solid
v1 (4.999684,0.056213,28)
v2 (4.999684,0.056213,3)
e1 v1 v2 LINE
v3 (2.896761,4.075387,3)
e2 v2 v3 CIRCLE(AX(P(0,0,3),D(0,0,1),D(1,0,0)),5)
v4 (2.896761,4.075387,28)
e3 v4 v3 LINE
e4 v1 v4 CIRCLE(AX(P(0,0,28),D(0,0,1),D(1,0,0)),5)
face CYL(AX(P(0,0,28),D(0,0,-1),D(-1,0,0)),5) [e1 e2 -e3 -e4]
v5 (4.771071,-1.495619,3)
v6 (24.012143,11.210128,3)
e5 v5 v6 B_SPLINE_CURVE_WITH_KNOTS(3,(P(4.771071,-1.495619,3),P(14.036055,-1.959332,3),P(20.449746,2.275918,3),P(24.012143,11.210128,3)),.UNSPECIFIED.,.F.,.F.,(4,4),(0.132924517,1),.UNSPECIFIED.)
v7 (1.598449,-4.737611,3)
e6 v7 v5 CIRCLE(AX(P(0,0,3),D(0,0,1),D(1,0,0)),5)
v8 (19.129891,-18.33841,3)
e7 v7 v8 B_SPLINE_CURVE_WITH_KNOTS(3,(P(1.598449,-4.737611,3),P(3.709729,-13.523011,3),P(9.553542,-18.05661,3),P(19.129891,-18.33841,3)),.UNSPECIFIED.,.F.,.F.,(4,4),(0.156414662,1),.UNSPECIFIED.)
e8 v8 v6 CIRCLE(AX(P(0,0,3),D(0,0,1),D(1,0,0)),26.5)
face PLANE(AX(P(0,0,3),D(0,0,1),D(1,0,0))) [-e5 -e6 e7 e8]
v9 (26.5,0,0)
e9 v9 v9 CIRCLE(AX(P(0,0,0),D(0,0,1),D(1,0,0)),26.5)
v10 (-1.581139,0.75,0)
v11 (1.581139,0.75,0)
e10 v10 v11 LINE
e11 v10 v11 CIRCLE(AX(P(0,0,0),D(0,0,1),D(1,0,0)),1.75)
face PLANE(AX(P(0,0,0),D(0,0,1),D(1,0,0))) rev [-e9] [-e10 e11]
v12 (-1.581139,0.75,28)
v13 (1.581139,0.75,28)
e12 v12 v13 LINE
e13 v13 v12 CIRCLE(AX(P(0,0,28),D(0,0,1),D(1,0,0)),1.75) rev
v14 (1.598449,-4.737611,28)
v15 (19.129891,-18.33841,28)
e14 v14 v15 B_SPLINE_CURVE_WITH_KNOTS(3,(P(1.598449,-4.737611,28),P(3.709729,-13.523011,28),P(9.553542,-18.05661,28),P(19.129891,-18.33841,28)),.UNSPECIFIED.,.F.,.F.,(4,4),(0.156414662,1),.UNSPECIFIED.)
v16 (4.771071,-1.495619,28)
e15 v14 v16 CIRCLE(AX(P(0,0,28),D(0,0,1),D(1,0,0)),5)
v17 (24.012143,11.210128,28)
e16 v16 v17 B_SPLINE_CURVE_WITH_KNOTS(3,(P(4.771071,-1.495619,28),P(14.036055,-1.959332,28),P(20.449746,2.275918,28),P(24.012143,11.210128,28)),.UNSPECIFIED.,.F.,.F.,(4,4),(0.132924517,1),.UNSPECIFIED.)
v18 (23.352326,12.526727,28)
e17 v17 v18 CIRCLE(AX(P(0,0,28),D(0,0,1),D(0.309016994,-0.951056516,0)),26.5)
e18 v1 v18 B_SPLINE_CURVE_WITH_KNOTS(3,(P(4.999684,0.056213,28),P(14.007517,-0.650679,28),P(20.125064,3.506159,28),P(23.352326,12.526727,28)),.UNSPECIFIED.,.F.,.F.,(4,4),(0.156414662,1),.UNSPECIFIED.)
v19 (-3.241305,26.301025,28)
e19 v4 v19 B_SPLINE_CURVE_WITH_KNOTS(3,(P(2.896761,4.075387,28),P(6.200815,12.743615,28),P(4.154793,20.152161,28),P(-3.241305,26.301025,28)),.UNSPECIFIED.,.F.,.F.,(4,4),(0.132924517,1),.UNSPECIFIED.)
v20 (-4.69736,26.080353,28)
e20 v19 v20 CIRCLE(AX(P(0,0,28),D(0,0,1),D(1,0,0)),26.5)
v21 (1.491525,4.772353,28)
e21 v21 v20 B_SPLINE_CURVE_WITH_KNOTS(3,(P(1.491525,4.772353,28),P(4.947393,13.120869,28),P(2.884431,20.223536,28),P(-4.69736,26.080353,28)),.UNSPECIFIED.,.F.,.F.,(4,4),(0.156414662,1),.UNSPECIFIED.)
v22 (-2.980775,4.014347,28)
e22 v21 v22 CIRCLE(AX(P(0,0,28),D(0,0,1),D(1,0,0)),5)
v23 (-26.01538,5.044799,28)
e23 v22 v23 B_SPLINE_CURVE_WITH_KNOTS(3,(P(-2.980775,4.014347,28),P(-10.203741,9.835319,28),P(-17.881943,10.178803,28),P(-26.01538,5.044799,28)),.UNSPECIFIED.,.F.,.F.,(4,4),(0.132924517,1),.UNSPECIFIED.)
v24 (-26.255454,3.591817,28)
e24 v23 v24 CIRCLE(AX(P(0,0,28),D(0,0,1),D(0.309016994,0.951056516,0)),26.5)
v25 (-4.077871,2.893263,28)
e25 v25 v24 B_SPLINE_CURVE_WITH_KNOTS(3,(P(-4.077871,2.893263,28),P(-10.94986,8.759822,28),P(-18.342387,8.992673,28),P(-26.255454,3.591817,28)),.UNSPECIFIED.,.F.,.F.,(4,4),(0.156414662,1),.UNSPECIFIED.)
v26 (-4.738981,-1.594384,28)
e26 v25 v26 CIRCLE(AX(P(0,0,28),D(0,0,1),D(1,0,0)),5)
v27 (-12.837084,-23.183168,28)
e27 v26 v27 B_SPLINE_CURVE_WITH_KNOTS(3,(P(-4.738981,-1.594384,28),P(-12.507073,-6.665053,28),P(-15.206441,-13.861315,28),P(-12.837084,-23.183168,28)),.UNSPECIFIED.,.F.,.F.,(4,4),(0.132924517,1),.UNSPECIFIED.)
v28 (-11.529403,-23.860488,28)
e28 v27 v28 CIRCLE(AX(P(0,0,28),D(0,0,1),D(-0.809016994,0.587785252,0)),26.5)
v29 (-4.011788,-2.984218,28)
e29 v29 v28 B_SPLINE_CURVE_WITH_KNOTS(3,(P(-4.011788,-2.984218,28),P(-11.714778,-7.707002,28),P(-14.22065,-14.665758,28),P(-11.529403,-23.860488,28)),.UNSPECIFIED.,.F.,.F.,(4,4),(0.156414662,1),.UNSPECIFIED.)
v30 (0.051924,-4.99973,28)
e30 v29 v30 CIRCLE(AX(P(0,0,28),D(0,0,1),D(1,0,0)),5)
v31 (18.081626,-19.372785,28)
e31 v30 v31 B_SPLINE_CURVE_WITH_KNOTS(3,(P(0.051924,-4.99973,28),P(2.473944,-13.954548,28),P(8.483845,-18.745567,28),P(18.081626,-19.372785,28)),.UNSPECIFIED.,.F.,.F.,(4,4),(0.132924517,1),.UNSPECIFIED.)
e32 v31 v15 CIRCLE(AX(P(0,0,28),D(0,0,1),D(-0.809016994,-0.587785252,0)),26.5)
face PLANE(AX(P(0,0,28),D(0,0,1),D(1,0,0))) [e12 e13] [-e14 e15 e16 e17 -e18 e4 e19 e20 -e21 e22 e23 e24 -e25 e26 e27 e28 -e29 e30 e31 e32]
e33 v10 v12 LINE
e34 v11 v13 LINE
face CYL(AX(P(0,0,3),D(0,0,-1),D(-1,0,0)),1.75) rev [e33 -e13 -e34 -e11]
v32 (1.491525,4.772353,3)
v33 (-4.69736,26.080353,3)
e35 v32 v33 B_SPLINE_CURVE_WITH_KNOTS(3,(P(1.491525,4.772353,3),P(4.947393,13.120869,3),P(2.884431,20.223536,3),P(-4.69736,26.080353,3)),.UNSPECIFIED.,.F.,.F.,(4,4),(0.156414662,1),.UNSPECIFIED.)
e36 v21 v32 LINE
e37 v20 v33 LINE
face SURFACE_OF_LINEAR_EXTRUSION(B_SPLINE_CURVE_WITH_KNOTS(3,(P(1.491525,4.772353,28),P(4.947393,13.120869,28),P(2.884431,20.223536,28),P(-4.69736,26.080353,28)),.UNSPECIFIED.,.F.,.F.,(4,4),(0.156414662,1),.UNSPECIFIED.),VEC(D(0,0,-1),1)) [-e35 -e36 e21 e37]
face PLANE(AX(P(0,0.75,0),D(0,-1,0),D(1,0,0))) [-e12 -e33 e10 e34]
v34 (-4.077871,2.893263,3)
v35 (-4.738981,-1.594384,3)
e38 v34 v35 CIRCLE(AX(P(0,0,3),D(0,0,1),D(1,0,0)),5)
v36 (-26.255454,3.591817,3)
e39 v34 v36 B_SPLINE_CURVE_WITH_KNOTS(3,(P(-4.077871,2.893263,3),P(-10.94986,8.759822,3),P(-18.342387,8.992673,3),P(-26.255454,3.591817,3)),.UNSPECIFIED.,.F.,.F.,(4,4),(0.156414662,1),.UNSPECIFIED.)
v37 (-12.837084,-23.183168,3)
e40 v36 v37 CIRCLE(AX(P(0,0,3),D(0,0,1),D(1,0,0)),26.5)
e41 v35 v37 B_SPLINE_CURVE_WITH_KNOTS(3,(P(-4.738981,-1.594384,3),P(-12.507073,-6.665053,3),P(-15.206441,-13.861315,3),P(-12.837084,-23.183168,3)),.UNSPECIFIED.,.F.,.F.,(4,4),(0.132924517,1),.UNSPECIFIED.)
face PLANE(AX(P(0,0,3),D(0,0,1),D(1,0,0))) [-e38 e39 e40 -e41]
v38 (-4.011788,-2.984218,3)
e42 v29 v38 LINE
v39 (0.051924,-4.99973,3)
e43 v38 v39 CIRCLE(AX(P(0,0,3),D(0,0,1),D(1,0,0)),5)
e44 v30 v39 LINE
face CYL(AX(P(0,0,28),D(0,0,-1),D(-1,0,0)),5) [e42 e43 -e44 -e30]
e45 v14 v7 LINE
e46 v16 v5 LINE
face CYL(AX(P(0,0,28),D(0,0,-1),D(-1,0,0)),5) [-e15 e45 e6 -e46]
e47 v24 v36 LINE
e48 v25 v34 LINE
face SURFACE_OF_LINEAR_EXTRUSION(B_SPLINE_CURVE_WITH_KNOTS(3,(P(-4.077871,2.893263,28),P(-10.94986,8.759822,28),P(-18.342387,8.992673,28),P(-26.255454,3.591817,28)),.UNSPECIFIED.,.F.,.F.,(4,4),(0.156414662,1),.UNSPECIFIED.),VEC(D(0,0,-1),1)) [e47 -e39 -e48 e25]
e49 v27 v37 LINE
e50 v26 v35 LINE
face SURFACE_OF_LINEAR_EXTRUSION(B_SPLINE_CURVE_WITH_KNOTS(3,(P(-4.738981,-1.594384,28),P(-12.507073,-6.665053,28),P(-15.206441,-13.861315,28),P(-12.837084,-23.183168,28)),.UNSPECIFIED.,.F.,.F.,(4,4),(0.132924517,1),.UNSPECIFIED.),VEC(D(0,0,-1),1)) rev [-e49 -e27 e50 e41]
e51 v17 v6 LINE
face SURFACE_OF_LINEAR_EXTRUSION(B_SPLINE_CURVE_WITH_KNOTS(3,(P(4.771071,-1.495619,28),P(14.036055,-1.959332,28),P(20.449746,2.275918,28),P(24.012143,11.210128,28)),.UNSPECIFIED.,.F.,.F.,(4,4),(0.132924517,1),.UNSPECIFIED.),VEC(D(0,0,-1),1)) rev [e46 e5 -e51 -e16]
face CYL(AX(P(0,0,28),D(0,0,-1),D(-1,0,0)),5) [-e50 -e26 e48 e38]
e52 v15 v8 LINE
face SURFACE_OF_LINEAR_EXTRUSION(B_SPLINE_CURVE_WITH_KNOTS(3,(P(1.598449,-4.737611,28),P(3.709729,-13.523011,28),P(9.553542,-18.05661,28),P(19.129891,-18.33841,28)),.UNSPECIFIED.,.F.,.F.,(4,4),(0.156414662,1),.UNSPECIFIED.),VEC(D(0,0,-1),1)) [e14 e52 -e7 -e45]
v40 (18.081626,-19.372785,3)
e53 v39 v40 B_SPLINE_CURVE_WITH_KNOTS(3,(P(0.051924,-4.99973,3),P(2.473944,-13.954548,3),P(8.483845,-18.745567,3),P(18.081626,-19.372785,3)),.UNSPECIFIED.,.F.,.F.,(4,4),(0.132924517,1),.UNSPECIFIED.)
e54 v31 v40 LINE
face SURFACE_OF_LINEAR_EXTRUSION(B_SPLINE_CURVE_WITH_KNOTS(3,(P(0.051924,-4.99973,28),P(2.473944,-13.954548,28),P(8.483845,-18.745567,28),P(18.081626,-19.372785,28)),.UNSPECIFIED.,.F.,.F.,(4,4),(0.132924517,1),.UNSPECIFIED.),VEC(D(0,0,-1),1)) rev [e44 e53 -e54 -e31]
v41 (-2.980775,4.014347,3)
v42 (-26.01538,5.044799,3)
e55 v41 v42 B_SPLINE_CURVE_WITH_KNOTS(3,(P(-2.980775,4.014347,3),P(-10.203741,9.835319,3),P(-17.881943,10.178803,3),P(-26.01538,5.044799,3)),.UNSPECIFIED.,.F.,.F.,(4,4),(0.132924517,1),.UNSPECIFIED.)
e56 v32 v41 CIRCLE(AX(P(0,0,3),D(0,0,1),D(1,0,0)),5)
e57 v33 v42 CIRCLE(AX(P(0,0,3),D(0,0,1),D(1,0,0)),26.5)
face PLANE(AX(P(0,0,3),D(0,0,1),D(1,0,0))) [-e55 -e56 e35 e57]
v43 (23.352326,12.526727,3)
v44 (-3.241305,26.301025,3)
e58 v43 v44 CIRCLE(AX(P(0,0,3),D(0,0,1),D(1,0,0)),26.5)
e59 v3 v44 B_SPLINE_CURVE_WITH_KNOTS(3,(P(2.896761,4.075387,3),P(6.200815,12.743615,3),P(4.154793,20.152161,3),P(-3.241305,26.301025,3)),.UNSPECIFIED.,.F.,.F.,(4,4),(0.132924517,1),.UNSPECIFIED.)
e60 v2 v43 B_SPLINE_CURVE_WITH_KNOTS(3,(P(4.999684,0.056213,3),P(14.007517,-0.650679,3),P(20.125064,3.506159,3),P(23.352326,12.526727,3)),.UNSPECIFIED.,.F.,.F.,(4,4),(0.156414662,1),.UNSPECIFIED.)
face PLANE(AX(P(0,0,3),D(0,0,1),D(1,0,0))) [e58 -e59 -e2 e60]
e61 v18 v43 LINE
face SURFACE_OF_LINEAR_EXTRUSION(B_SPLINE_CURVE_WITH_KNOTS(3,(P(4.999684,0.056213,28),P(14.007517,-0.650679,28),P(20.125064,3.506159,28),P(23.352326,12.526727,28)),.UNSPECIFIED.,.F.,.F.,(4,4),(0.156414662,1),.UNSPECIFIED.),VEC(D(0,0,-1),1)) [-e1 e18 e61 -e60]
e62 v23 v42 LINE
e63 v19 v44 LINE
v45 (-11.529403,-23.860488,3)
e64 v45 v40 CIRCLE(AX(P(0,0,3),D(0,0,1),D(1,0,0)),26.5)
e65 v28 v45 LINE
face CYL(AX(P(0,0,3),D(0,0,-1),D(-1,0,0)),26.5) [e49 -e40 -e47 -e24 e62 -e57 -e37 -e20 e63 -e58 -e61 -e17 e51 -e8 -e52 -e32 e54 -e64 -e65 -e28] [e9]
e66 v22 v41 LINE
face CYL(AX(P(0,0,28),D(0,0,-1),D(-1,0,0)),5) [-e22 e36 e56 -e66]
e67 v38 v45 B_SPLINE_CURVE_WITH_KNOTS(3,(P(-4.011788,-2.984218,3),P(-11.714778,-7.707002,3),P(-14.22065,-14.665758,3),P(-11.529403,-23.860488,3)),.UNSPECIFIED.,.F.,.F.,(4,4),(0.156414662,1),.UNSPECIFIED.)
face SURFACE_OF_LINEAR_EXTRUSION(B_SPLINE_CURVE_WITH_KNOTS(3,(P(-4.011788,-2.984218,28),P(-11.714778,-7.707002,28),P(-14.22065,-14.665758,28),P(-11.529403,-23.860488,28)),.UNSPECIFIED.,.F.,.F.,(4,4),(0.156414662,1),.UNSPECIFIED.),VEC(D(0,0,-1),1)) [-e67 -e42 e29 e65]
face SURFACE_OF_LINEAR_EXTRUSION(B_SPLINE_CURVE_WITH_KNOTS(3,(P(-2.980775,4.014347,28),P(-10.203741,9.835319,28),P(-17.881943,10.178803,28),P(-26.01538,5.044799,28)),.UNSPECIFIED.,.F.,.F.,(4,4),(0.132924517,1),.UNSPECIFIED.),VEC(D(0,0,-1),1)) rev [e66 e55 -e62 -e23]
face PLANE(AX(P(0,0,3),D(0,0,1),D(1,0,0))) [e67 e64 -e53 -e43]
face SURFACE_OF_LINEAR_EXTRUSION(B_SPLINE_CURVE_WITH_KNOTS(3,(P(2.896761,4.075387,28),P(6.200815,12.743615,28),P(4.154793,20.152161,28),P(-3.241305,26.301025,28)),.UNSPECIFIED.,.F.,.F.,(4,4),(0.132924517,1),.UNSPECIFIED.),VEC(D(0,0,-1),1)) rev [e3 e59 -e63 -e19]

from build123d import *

# Parameters (mm, degrees)
SKETCH1_R           = 26.5
SKETCH1_R_2         = 1.75
BOSS_EXTRUDE1_DEPTH = 3
SKETCH2_R           = 5
SKETCH2_R_2         = 1.75
BOSS_EXTRUDE2_DEPTH = 25
BOSS_EXTRUDE3_START = -28
BOSS_EXTRUDE3_DEPTH = 28
BOSS_EXTRUDE4_DEPTH = 25
CIRPATTERN1_COUNT   = 5


with BuildPart() as part:
    # Sketch1 → Boss-Extrude1 (new body)
    with BuildSketch(Plane.XY):
        Circle(SKETCH1_R)
        Circle(SKETCH1_R_2, mode=Mode.SUBTRACT)
    extrude(amount=BOSS_EXTRUDE1_DEPTH)

    # Sketch2 → Boss-Extrude2 (add)
    with BuildSketch(Plane.XY.offset(3)):
        Circle(SKETCH2_R)
        Circle(SKETCH2_R_2, mode=Mode.SUBTRACT)
    extrude(amount=BOSS_EXTRUDE2_DEPTH)

    # Sketch3 → Boss-Extrude3 (add)
    with BuildSketch(Plane.XY.offset(28).offset(BOSS_EXTRUDE3_START)):
        with BuildLine():
            ThreePointArc((1.58113883, 0.75), (0, 1.75), (-1.58113883, 0.75))
            Line((-1.58113883, 0.75), (0, 0.75))
            Line((0, 0.75), (1.58113883, 0.75))
        make_face()
    extrude(amount=BOSS_EXTRUDE3_DEPTH)

    # Sketch4 → Boss-Extrude4 (add)
    with BuildSketch(Plane.XY.offset(3)):
        with BuildLine():
            ThreePointArc((1.491525209, 4.772352937), (2.221644371, 4.479318731), (2.89676068, 4.075386799))
            add(Edge.make_bspline(
                [(2.89676068, 4.075386799), (6.200814746, 12.743614818), (4.154792704, 20.152161031), (-3.241305446, 26.301025436)],
                knots=[0.132924517, 0.132924517, 0.132924517, 0.132924517, 1, 1, 1, 1], degree=3))
            ThreePointArc((-3.241305446, 26.301025436), (-3.970865914, 26.200805787), (-4.697359939, 26.080352943))
            add(Edge.make_bspline(
                [(1.491525209, 4.772352937), (4.947392891, 13.120869253), (2.884431175, 20.223535921), (-4.697359939, 26.080352943)],
                knots=[0.156414662, 0.156414662, 0.156414662, 0.156414662, 1, 1, 1, 1], degree=3))
        make_face()
    boss_extrude4 = extrude(amount=BOSS_EXTRUDE4_DEPTH)

    # CirPattern1: Boss-Extrude4 ×5 about axis
    cirpattern1_axis = Axis((0, 0, 0), (0, 0, -1))
    for i in range(1, CIRPATTERN1_COUNT):
        add(boss_extrude4.rotate(cirpattern1_axis, i * 360 / CIRPATTERN1_COUNT))


solid = part.part
